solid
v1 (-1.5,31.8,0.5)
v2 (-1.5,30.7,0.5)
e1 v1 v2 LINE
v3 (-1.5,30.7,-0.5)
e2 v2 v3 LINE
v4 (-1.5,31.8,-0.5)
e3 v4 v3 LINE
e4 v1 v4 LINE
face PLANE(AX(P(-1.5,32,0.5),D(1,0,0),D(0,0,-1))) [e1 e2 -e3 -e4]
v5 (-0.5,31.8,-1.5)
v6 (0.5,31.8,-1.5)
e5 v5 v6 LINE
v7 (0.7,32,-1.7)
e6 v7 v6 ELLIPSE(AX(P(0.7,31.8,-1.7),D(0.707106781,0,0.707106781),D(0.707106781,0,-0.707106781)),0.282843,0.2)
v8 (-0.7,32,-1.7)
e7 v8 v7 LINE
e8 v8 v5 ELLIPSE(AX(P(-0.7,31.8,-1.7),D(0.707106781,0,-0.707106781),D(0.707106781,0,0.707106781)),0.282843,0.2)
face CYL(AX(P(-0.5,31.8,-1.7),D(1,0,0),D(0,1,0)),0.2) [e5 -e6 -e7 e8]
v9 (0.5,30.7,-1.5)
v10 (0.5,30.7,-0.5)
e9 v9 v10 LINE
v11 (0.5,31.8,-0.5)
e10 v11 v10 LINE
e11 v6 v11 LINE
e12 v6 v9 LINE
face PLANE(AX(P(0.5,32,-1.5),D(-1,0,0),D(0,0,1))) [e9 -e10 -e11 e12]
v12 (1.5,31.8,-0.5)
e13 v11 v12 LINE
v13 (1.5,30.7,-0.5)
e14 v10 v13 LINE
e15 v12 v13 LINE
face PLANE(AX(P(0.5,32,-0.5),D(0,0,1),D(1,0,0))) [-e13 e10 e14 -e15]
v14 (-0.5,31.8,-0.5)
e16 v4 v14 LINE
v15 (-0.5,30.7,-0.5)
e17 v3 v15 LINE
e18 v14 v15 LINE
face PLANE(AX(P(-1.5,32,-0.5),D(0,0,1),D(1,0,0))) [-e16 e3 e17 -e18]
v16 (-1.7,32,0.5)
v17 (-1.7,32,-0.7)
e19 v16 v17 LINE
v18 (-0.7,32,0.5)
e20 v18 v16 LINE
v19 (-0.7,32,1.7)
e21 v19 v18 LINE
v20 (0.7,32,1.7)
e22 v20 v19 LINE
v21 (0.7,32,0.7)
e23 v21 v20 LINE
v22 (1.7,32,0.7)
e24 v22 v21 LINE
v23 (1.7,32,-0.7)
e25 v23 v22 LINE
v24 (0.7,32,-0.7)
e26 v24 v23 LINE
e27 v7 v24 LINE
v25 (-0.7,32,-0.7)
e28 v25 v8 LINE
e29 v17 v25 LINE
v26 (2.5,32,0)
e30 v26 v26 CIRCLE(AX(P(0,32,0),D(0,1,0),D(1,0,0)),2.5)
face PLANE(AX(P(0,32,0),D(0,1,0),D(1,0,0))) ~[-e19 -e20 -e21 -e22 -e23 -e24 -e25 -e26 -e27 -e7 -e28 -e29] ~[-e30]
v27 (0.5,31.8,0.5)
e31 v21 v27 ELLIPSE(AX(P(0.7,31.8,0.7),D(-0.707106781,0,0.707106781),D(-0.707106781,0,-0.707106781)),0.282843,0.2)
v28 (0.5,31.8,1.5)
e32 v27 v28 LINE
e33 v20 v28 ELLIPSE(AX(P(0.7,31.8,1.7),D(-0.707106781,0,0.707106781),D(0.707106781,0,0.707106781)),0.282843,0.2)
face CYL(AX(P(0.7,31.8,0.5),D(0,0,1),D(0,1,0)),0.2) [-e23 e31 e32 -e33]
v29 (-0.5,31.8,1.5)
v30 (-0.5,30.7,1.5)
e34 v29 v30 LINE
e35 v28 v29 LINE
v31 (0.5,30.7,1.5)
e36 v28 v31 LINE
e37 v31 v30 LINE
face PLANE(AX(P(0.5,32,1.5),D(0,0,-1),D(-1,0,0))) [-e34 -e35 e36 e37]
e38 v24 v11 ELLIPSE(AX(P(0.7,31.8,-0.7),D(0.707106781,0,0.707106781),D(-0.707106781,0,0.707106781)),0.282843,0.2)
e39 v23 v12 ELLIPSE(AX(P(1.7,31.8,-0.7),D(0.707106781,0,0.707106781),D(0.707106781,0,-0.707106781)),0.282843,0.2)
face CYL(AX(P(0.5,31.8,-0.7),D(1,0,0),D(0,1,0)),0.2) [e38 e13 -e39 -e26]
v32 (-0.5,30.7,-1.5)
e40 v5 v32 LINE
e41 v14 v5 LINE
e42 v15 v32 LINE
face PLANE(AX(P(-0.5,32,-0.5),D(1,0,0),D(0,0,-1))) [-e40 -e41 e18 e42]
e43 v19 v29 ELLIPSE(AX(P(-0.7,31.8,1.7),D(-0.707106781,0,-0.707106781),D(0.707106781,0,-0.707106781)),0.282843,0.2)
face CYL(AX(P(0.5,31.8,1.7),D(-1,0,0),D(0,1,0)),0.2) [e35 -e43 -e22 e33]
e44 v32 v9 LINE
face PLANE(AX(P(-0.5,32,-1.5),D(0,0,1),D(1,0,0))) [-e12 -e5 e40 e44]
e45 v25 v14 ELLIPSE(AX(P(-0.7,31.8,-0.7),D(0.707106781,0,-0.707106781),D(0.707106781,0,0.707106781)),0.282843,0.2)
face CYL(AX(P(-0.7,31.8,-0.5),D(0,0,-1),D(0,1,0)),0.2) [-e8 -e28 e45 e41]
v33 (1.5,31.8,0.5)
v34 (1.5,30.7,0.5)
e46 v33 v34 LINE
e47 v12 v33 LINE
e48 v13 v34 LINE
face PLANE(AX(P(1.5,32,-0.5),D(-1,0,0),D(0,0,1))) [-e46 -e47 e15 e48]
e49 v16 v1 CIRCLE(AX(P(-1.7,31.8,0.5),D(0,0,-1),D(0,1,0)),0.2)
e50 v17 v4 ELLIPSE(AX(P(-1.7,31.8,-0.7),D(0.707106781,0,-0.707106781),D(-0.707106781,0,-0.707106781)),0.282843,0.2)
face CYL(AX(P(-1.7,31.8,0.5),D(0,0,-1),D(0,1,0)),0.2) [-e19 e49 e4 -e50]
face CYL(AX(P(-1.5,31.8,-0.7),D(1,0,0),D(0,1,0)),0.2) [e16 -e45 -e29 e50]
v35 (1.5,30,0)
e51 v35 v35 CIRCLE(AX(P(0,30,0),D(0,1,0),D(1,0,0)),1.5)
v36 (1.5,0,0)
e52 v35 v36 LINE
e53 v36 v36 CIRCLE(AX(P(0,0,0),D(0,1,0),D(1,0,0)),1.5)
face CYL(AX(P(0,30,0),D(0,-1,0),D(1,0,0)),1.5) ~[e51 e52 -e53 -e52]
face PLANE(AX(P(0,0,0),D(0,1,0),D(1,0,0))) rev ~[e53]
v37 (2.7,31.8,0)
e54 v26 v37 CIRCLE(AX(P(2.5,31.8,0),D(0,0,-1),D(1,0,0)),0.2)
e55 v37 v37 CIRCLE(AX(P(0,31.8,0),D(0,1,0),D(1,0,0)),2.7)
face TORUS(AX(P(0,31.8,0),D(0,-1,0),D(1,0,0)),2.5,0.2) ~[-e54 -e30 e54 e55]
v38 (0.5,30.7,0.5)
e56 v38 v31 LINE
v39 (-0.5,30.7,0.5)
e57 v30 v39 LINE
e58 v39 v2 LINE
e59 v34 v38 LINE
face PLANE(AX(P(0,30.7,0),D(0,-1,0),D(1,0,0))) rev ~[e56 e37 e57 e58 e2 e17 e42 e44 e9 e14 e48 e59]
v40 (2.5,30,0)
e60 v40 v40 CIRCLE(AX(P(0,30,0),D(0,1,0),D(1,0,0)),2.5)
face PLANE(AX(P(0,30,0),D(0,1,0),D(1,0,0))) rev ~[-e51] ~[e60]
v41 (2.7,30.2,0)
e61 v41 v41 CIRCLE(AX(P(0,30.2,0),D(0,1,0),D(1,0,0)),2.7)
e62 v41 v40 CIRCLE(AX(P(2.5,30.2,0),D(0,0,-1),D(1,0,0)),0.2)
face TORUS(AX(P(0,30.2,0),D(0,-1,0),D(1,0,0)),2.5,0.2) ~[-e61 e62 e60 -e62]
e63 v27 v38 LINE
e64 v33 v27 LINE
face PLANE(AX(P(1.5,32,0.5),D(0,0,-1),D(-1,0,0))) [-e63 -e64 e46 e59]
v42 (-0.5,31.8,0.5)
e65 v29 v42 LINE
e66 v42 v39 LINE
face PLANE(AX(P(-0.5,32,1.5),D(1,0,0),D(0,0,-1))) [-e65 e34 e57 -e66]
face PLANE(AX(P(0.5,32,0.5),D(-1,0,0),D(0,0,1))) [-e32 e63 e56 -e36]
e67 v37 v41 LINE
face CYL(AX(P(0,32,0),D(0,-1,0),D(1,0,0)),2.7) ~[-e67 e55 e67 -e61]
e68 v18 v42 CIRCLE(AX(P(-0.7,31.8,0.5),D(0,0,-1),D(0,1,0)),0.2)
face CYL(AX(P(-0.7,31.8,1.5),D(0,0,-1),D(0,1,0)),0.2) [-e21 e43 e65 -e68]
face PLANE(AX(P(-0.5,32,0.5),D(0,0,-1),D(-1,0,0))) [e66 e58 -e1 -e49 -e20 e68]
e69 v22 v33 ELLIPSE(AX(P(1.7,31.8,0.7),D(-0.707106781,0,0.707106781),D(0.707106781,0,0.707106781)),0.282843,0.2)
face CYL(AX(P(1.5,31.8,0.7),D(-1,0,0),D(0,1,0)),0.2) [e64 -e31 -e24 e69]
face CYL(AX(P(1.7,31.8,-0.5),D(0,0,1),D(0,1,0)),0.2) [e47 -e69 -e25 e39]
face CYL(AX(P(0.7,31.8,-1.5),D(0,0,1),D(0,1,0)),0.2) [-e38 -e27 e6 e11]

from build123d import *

# Parameters (mm, degrees)
FILLET_R     = 0.2
POCKET_DEPTH = 1.3
FILLET001_R  = 0.2


with BuildPart() as part:
    # Sketch → Revolution (revolve)
    with BuildSketch(Plane.XY):
        Polygon((0, 0), (0, 32), (2.7, 32), (2.7, 30), (1.5, 30), (1.5, 0), align=None)
    revolve(axis=Axis((0, 0, 0), (0, 1, 0)))

    # Fillet
    fillet_edges = [part.edges().sort_by_distance(p)[0] for p in [
        (-2.7, 30, 0),
        (-2.7, 32, 0),
    ]]
    fillet(fillet_edges, radius=FILLET_R)

    # Sketch001 (on Face1 of Fillet) → Pocket (cut)
    with BuildSketch(Plane(origin=(0, 32, 0), x_dir=(-1, 0, 0), z_dir=(0, 1, 0))):
        Polygon((0.5, 1.5), (0.5, 0.5), (1.5, 0.5), (1.5, -0.5), (0.5, -0.5), (0.5, -1.5), (-0.5, -1.5), (-0.5, -0.5), (-1.5, -0.5), (-1.5, 0.5), (-0.5, 0.5), (-0.5, 1.5), align=None)
    extrude(amount=-POCKET_DEPTH, mode=Mode.SUBTRACT)

    # Fillet001
    fillet001_edges = [part.edges().sort_by_distance(p)[0] for p in [
        (0, 32, -1.5),
        (0.5, 32, -1),
        (1, 32, -0.5),
        (1.5, 32, 0),
        (1, 32, 0.5),
        (0.5, 32, 1),
        (-0.5, 32, 1),
        (0, 32, 1.5),
        (-1.5, 32, 0),
        (-1, 32, -0.5),
        (-0.5, 32, -1),
    ]]
    fillet(fillet001_edges, radius=FILLET001_R)


solid = part.part
